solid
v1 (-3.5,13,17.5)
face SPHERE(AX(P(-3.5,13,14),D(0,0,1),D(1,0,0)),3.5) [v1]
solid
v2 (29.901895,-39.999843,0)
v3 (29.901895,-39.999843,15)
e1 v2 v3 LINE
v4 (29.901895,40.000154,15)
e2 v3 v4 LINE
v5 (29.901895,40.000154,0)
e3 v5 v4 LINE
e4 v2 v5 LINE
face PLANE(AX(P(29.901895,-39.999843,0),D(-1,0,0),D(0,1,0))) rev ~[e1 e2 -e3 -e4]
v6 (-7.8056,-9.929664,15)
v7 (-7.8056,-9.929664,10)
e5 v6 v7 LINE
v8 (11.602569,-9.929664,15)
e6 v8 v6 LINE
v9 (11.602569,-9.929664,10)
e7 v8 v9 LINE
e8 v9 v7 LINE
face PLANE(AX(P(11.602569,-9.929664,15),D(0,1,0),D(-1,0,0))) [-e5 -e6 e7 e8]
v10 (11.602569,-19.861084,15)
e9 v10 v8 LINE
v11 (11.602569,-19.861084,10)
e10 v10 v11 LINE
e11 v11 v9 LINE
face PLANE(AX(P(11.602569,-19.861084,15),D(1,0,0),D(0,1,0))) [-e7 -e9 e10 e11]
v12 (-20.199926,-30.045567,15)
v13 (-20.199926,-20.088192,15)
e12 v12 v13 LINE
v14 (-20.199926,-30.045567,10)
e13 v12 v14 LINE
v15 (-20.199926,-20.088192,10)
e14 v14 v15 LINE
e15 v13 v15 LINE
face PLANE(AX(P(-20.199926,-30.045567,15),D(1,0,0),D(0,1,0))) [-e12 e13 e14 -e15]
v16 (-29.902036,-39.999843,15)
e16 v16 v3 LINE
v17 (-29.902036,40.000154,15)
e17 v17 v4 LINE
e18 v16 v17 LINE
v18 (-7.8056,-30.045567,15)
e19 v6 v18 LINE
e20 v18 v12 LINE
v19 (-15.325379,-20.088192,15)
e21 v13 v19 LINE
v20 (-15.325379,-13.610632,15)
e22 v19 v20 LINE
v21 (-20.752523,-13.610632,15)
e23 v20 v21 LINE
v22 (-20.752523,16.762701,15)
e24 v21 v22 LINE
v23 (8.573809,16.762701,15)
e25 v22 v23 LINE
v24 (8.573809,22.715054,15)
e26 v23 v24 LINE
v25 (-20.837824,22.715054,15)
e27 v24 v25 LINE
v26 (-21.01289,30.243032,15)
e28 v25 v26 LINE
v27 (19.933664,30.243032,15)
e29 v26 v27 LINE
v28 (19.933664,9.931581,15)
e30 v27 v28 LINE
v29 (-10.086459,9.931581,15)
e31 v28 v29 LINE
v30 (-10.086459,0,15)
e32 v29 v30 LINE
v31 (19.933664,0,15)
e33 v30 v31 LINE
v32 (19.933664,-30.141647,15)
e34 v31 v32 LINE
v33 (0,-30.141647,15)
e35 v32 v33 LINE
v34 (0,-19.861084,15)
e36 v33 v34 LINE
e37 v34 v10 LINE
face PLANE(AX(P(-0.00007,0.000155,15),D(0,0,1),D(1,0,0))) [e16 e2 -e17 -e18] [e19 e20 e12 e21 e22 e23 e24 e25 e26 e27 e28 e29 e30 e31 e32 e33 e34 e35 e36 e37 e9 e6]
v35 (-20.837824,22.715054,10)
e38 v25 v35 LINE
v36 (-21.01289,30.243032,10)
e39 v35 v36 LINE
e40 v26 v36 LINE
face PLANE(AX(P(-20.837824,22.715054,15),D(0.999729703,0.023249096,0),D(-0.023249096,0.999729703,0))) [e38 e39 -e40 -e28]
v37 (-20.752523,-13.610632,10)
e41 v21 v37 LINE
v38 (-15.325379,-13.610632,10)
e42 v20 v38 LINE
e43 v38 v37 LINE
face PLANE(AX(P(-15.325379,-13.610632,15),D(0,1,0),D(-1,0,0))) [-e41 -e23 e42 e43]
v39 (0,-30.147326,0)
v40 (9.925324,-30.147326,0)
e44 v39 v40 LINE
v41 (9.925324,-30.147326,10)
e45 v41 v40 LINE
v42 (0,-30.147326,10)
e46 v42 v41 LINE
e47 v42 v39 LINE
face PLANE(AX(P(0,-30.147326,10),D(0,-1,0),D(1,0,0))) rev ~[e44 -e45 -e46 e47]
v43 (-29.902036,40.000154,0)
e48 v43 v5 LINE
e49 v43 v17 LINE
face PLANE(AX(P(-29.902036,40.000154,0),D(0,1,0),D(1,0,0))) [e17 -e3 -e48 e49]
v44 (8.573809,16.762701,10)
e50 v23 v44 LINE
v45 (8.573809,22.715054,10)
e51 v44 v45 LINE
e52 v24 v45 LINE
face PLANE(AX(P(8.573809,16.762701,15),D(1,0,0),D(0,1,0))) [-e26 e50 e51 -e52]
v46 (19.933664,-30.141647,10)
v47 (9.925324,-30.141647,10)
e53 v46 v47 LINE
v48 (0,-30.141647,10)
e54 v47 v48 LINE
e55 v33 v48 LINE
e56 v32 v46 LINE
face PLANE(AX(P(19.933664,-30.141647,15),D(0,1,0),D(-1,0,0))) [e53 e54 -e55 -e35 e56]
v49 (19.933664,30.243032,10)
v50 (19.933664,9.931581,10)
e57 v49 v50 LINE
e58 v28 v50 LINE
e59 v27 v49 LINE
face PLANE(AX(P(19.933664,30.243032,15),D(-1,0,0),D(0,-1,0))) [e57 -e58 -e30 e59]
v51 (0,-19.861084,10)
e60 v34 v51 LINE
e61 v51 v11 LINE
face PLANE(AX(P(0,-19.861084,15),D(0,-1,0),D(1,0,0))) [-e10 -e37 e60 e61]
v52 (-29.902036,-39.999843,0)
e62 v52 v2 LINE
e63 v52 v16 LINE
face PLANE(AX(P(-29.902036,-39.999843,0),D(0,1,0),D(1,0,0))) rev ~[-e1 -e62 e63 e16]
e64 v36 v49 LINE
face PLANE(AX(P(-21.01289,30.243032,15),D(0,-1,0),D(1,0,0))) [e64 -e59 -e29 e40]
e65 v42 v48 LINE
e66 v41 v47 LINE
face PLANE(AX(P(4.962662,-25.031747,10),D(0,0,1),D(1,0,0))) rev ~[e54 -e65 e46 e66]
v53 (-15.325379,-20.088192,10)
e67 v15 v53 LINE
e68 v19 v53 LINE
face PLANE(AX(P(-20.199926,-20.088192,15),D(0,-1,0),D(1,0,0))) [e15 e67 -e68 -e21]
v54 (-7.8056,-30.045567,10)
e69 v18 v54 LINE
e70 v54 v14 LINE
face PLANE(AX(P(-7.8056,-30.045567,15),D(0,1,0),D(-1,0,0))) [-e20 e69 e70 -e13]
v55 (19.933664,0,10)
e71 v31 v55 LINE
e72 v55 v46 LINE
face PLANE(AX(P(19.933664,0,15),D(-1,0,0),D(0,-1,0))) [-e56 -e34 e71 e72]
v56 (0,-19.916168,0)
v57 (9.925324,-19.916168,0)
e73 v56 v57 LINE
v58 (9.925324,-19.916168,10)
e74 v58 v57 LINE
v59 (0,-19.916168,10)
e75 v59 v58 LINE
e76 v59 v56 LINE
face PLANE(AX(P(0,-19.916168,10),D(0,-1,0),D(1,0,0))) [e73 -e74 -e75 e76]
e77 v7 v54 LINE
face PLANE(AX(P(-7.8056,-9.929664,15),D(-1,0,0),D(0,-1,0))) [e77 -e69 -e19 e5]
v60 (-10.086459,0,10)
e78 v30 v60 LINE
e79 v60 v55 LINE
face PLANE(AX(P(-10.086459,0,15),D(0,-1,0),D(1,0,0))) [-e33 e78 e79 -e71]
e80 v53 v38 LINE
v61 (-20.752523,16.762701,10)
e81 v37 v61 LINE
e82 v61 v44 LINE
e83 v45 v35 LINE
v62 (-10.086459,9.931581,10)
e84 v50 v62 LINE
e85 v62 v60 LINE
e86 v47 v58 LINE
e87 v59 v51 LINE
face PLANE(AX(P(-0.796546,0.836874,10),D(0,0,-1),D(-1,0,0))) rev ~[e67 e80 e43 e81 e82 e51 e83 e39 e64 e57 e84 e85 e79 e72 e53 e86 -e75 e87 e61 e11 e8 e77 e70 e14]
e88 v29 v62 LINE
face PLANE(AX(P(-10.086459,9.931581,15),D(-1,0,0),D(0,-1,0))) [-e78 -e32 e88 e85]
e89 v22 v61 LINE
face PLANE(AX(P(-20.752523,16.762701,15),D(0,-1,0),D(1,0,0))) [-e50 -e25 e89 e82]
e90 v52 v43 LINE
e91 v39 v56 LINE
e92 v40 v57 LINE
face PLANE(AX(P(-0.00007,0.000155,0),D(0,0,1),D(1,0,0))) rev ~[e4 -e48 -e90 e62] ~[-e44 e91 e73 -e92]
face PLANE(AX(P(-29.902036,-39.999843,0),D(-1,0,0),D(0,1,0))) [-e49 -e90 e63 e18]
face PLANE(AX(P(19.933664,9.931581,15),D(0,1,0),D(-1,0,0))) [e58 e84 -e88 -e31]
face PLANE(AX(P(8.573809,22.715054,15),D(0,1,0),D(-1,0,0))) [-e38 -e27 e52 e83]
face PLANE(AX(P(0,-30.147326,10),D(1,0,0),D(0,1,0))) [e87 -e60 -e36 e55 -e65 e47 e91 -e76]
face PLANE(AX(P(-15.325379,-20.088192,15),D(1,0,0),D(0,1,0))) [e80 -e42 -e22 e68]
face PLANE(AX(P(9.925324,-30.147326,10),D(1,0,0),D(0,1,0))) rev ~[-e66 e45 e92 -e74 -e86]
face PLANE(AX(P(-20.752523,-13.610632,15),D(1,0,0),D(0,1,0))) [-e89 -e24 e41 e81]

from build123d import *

# Parameters (mm, degrees)
SKETCH_W        = 59.803931
SKETCH_H        = 79.999997
PAD_DEPTH       = 15
POCKET_DEPTH    = 5
SKETCH002_W     = 9.925324
SKETCH002_H     = 10.231159
POCKET001_DEPTH = 20


with BuildPart() as cos:
    # Sketch → Pad (new body)
    with BuildSketch(Plane.XY):
        with Locations((-7e-05, 0.000155)):
            Rectangle(SKETCH_W, SKETCH_H)
    extrude(amount=PAD_DEPTH)

    # Sketch001 (on Face6 of Pad) → Pocket (cut)
    with BuildSketch(Plane.XY.offset(15)):
        Polygon((-21.01289, 30.243032), (19.933664, 30.243032), (19.933664, 9.931581), (-10.086459, 9.931581), (-10.086459, 0), (19.933664, 0), (19.933664, -30.141647), (0, -30.141647), (0, -19.861084), (11.602569, -19.861084), (11.602569, -9.929664), (-7.8056, -9.929664), (-7.8056, -30.045567), (-20.199926, -30.045567), (-20.199926, -20.088192), (-15.325379, -20.088192), (-15.325379, -13.610632), (-20.752523, -13.610632), (-20.752523, 16.762701), (8.573809, 16.762701), (8.573809, 22.715054), (-20.837824, 22.715054), align=None)
    extrude(amount=-POCKET_DEPTH, mode=Mode.SUBTRACT)

    # Sketch002 (on Face29 of Pocket) → Pocket001 (cut)
    with BuildSketch(Plane.XY.offset(10)):
        with Locations((4.962662, -25.031747)):
            Rectangle(SKETCH002_W, SKETCH002_H)
    extrude(amount=-POCKET001_DEPTH, mode=Mode.SUBTRACT)


with BuildPart() as esfera:
    # Sphere → Sphere (revolve)
    with BuildSketch(Plane(origin=(-3.5, 13, 14), x_dir=(1, 0, 0), z_dir=(0, -1, 0))):
        with BuildLine():
            ThreePointArc((0, -3.5), (3.5, 0), (0, 3.5))
            Line((0, 3.5), (0, -3.5))
        make_face()
    revolve(axis=Axis((-3.5, 13, 14), (0, 0, 1)))


solid = Compound([cos.part, esfera.part])
